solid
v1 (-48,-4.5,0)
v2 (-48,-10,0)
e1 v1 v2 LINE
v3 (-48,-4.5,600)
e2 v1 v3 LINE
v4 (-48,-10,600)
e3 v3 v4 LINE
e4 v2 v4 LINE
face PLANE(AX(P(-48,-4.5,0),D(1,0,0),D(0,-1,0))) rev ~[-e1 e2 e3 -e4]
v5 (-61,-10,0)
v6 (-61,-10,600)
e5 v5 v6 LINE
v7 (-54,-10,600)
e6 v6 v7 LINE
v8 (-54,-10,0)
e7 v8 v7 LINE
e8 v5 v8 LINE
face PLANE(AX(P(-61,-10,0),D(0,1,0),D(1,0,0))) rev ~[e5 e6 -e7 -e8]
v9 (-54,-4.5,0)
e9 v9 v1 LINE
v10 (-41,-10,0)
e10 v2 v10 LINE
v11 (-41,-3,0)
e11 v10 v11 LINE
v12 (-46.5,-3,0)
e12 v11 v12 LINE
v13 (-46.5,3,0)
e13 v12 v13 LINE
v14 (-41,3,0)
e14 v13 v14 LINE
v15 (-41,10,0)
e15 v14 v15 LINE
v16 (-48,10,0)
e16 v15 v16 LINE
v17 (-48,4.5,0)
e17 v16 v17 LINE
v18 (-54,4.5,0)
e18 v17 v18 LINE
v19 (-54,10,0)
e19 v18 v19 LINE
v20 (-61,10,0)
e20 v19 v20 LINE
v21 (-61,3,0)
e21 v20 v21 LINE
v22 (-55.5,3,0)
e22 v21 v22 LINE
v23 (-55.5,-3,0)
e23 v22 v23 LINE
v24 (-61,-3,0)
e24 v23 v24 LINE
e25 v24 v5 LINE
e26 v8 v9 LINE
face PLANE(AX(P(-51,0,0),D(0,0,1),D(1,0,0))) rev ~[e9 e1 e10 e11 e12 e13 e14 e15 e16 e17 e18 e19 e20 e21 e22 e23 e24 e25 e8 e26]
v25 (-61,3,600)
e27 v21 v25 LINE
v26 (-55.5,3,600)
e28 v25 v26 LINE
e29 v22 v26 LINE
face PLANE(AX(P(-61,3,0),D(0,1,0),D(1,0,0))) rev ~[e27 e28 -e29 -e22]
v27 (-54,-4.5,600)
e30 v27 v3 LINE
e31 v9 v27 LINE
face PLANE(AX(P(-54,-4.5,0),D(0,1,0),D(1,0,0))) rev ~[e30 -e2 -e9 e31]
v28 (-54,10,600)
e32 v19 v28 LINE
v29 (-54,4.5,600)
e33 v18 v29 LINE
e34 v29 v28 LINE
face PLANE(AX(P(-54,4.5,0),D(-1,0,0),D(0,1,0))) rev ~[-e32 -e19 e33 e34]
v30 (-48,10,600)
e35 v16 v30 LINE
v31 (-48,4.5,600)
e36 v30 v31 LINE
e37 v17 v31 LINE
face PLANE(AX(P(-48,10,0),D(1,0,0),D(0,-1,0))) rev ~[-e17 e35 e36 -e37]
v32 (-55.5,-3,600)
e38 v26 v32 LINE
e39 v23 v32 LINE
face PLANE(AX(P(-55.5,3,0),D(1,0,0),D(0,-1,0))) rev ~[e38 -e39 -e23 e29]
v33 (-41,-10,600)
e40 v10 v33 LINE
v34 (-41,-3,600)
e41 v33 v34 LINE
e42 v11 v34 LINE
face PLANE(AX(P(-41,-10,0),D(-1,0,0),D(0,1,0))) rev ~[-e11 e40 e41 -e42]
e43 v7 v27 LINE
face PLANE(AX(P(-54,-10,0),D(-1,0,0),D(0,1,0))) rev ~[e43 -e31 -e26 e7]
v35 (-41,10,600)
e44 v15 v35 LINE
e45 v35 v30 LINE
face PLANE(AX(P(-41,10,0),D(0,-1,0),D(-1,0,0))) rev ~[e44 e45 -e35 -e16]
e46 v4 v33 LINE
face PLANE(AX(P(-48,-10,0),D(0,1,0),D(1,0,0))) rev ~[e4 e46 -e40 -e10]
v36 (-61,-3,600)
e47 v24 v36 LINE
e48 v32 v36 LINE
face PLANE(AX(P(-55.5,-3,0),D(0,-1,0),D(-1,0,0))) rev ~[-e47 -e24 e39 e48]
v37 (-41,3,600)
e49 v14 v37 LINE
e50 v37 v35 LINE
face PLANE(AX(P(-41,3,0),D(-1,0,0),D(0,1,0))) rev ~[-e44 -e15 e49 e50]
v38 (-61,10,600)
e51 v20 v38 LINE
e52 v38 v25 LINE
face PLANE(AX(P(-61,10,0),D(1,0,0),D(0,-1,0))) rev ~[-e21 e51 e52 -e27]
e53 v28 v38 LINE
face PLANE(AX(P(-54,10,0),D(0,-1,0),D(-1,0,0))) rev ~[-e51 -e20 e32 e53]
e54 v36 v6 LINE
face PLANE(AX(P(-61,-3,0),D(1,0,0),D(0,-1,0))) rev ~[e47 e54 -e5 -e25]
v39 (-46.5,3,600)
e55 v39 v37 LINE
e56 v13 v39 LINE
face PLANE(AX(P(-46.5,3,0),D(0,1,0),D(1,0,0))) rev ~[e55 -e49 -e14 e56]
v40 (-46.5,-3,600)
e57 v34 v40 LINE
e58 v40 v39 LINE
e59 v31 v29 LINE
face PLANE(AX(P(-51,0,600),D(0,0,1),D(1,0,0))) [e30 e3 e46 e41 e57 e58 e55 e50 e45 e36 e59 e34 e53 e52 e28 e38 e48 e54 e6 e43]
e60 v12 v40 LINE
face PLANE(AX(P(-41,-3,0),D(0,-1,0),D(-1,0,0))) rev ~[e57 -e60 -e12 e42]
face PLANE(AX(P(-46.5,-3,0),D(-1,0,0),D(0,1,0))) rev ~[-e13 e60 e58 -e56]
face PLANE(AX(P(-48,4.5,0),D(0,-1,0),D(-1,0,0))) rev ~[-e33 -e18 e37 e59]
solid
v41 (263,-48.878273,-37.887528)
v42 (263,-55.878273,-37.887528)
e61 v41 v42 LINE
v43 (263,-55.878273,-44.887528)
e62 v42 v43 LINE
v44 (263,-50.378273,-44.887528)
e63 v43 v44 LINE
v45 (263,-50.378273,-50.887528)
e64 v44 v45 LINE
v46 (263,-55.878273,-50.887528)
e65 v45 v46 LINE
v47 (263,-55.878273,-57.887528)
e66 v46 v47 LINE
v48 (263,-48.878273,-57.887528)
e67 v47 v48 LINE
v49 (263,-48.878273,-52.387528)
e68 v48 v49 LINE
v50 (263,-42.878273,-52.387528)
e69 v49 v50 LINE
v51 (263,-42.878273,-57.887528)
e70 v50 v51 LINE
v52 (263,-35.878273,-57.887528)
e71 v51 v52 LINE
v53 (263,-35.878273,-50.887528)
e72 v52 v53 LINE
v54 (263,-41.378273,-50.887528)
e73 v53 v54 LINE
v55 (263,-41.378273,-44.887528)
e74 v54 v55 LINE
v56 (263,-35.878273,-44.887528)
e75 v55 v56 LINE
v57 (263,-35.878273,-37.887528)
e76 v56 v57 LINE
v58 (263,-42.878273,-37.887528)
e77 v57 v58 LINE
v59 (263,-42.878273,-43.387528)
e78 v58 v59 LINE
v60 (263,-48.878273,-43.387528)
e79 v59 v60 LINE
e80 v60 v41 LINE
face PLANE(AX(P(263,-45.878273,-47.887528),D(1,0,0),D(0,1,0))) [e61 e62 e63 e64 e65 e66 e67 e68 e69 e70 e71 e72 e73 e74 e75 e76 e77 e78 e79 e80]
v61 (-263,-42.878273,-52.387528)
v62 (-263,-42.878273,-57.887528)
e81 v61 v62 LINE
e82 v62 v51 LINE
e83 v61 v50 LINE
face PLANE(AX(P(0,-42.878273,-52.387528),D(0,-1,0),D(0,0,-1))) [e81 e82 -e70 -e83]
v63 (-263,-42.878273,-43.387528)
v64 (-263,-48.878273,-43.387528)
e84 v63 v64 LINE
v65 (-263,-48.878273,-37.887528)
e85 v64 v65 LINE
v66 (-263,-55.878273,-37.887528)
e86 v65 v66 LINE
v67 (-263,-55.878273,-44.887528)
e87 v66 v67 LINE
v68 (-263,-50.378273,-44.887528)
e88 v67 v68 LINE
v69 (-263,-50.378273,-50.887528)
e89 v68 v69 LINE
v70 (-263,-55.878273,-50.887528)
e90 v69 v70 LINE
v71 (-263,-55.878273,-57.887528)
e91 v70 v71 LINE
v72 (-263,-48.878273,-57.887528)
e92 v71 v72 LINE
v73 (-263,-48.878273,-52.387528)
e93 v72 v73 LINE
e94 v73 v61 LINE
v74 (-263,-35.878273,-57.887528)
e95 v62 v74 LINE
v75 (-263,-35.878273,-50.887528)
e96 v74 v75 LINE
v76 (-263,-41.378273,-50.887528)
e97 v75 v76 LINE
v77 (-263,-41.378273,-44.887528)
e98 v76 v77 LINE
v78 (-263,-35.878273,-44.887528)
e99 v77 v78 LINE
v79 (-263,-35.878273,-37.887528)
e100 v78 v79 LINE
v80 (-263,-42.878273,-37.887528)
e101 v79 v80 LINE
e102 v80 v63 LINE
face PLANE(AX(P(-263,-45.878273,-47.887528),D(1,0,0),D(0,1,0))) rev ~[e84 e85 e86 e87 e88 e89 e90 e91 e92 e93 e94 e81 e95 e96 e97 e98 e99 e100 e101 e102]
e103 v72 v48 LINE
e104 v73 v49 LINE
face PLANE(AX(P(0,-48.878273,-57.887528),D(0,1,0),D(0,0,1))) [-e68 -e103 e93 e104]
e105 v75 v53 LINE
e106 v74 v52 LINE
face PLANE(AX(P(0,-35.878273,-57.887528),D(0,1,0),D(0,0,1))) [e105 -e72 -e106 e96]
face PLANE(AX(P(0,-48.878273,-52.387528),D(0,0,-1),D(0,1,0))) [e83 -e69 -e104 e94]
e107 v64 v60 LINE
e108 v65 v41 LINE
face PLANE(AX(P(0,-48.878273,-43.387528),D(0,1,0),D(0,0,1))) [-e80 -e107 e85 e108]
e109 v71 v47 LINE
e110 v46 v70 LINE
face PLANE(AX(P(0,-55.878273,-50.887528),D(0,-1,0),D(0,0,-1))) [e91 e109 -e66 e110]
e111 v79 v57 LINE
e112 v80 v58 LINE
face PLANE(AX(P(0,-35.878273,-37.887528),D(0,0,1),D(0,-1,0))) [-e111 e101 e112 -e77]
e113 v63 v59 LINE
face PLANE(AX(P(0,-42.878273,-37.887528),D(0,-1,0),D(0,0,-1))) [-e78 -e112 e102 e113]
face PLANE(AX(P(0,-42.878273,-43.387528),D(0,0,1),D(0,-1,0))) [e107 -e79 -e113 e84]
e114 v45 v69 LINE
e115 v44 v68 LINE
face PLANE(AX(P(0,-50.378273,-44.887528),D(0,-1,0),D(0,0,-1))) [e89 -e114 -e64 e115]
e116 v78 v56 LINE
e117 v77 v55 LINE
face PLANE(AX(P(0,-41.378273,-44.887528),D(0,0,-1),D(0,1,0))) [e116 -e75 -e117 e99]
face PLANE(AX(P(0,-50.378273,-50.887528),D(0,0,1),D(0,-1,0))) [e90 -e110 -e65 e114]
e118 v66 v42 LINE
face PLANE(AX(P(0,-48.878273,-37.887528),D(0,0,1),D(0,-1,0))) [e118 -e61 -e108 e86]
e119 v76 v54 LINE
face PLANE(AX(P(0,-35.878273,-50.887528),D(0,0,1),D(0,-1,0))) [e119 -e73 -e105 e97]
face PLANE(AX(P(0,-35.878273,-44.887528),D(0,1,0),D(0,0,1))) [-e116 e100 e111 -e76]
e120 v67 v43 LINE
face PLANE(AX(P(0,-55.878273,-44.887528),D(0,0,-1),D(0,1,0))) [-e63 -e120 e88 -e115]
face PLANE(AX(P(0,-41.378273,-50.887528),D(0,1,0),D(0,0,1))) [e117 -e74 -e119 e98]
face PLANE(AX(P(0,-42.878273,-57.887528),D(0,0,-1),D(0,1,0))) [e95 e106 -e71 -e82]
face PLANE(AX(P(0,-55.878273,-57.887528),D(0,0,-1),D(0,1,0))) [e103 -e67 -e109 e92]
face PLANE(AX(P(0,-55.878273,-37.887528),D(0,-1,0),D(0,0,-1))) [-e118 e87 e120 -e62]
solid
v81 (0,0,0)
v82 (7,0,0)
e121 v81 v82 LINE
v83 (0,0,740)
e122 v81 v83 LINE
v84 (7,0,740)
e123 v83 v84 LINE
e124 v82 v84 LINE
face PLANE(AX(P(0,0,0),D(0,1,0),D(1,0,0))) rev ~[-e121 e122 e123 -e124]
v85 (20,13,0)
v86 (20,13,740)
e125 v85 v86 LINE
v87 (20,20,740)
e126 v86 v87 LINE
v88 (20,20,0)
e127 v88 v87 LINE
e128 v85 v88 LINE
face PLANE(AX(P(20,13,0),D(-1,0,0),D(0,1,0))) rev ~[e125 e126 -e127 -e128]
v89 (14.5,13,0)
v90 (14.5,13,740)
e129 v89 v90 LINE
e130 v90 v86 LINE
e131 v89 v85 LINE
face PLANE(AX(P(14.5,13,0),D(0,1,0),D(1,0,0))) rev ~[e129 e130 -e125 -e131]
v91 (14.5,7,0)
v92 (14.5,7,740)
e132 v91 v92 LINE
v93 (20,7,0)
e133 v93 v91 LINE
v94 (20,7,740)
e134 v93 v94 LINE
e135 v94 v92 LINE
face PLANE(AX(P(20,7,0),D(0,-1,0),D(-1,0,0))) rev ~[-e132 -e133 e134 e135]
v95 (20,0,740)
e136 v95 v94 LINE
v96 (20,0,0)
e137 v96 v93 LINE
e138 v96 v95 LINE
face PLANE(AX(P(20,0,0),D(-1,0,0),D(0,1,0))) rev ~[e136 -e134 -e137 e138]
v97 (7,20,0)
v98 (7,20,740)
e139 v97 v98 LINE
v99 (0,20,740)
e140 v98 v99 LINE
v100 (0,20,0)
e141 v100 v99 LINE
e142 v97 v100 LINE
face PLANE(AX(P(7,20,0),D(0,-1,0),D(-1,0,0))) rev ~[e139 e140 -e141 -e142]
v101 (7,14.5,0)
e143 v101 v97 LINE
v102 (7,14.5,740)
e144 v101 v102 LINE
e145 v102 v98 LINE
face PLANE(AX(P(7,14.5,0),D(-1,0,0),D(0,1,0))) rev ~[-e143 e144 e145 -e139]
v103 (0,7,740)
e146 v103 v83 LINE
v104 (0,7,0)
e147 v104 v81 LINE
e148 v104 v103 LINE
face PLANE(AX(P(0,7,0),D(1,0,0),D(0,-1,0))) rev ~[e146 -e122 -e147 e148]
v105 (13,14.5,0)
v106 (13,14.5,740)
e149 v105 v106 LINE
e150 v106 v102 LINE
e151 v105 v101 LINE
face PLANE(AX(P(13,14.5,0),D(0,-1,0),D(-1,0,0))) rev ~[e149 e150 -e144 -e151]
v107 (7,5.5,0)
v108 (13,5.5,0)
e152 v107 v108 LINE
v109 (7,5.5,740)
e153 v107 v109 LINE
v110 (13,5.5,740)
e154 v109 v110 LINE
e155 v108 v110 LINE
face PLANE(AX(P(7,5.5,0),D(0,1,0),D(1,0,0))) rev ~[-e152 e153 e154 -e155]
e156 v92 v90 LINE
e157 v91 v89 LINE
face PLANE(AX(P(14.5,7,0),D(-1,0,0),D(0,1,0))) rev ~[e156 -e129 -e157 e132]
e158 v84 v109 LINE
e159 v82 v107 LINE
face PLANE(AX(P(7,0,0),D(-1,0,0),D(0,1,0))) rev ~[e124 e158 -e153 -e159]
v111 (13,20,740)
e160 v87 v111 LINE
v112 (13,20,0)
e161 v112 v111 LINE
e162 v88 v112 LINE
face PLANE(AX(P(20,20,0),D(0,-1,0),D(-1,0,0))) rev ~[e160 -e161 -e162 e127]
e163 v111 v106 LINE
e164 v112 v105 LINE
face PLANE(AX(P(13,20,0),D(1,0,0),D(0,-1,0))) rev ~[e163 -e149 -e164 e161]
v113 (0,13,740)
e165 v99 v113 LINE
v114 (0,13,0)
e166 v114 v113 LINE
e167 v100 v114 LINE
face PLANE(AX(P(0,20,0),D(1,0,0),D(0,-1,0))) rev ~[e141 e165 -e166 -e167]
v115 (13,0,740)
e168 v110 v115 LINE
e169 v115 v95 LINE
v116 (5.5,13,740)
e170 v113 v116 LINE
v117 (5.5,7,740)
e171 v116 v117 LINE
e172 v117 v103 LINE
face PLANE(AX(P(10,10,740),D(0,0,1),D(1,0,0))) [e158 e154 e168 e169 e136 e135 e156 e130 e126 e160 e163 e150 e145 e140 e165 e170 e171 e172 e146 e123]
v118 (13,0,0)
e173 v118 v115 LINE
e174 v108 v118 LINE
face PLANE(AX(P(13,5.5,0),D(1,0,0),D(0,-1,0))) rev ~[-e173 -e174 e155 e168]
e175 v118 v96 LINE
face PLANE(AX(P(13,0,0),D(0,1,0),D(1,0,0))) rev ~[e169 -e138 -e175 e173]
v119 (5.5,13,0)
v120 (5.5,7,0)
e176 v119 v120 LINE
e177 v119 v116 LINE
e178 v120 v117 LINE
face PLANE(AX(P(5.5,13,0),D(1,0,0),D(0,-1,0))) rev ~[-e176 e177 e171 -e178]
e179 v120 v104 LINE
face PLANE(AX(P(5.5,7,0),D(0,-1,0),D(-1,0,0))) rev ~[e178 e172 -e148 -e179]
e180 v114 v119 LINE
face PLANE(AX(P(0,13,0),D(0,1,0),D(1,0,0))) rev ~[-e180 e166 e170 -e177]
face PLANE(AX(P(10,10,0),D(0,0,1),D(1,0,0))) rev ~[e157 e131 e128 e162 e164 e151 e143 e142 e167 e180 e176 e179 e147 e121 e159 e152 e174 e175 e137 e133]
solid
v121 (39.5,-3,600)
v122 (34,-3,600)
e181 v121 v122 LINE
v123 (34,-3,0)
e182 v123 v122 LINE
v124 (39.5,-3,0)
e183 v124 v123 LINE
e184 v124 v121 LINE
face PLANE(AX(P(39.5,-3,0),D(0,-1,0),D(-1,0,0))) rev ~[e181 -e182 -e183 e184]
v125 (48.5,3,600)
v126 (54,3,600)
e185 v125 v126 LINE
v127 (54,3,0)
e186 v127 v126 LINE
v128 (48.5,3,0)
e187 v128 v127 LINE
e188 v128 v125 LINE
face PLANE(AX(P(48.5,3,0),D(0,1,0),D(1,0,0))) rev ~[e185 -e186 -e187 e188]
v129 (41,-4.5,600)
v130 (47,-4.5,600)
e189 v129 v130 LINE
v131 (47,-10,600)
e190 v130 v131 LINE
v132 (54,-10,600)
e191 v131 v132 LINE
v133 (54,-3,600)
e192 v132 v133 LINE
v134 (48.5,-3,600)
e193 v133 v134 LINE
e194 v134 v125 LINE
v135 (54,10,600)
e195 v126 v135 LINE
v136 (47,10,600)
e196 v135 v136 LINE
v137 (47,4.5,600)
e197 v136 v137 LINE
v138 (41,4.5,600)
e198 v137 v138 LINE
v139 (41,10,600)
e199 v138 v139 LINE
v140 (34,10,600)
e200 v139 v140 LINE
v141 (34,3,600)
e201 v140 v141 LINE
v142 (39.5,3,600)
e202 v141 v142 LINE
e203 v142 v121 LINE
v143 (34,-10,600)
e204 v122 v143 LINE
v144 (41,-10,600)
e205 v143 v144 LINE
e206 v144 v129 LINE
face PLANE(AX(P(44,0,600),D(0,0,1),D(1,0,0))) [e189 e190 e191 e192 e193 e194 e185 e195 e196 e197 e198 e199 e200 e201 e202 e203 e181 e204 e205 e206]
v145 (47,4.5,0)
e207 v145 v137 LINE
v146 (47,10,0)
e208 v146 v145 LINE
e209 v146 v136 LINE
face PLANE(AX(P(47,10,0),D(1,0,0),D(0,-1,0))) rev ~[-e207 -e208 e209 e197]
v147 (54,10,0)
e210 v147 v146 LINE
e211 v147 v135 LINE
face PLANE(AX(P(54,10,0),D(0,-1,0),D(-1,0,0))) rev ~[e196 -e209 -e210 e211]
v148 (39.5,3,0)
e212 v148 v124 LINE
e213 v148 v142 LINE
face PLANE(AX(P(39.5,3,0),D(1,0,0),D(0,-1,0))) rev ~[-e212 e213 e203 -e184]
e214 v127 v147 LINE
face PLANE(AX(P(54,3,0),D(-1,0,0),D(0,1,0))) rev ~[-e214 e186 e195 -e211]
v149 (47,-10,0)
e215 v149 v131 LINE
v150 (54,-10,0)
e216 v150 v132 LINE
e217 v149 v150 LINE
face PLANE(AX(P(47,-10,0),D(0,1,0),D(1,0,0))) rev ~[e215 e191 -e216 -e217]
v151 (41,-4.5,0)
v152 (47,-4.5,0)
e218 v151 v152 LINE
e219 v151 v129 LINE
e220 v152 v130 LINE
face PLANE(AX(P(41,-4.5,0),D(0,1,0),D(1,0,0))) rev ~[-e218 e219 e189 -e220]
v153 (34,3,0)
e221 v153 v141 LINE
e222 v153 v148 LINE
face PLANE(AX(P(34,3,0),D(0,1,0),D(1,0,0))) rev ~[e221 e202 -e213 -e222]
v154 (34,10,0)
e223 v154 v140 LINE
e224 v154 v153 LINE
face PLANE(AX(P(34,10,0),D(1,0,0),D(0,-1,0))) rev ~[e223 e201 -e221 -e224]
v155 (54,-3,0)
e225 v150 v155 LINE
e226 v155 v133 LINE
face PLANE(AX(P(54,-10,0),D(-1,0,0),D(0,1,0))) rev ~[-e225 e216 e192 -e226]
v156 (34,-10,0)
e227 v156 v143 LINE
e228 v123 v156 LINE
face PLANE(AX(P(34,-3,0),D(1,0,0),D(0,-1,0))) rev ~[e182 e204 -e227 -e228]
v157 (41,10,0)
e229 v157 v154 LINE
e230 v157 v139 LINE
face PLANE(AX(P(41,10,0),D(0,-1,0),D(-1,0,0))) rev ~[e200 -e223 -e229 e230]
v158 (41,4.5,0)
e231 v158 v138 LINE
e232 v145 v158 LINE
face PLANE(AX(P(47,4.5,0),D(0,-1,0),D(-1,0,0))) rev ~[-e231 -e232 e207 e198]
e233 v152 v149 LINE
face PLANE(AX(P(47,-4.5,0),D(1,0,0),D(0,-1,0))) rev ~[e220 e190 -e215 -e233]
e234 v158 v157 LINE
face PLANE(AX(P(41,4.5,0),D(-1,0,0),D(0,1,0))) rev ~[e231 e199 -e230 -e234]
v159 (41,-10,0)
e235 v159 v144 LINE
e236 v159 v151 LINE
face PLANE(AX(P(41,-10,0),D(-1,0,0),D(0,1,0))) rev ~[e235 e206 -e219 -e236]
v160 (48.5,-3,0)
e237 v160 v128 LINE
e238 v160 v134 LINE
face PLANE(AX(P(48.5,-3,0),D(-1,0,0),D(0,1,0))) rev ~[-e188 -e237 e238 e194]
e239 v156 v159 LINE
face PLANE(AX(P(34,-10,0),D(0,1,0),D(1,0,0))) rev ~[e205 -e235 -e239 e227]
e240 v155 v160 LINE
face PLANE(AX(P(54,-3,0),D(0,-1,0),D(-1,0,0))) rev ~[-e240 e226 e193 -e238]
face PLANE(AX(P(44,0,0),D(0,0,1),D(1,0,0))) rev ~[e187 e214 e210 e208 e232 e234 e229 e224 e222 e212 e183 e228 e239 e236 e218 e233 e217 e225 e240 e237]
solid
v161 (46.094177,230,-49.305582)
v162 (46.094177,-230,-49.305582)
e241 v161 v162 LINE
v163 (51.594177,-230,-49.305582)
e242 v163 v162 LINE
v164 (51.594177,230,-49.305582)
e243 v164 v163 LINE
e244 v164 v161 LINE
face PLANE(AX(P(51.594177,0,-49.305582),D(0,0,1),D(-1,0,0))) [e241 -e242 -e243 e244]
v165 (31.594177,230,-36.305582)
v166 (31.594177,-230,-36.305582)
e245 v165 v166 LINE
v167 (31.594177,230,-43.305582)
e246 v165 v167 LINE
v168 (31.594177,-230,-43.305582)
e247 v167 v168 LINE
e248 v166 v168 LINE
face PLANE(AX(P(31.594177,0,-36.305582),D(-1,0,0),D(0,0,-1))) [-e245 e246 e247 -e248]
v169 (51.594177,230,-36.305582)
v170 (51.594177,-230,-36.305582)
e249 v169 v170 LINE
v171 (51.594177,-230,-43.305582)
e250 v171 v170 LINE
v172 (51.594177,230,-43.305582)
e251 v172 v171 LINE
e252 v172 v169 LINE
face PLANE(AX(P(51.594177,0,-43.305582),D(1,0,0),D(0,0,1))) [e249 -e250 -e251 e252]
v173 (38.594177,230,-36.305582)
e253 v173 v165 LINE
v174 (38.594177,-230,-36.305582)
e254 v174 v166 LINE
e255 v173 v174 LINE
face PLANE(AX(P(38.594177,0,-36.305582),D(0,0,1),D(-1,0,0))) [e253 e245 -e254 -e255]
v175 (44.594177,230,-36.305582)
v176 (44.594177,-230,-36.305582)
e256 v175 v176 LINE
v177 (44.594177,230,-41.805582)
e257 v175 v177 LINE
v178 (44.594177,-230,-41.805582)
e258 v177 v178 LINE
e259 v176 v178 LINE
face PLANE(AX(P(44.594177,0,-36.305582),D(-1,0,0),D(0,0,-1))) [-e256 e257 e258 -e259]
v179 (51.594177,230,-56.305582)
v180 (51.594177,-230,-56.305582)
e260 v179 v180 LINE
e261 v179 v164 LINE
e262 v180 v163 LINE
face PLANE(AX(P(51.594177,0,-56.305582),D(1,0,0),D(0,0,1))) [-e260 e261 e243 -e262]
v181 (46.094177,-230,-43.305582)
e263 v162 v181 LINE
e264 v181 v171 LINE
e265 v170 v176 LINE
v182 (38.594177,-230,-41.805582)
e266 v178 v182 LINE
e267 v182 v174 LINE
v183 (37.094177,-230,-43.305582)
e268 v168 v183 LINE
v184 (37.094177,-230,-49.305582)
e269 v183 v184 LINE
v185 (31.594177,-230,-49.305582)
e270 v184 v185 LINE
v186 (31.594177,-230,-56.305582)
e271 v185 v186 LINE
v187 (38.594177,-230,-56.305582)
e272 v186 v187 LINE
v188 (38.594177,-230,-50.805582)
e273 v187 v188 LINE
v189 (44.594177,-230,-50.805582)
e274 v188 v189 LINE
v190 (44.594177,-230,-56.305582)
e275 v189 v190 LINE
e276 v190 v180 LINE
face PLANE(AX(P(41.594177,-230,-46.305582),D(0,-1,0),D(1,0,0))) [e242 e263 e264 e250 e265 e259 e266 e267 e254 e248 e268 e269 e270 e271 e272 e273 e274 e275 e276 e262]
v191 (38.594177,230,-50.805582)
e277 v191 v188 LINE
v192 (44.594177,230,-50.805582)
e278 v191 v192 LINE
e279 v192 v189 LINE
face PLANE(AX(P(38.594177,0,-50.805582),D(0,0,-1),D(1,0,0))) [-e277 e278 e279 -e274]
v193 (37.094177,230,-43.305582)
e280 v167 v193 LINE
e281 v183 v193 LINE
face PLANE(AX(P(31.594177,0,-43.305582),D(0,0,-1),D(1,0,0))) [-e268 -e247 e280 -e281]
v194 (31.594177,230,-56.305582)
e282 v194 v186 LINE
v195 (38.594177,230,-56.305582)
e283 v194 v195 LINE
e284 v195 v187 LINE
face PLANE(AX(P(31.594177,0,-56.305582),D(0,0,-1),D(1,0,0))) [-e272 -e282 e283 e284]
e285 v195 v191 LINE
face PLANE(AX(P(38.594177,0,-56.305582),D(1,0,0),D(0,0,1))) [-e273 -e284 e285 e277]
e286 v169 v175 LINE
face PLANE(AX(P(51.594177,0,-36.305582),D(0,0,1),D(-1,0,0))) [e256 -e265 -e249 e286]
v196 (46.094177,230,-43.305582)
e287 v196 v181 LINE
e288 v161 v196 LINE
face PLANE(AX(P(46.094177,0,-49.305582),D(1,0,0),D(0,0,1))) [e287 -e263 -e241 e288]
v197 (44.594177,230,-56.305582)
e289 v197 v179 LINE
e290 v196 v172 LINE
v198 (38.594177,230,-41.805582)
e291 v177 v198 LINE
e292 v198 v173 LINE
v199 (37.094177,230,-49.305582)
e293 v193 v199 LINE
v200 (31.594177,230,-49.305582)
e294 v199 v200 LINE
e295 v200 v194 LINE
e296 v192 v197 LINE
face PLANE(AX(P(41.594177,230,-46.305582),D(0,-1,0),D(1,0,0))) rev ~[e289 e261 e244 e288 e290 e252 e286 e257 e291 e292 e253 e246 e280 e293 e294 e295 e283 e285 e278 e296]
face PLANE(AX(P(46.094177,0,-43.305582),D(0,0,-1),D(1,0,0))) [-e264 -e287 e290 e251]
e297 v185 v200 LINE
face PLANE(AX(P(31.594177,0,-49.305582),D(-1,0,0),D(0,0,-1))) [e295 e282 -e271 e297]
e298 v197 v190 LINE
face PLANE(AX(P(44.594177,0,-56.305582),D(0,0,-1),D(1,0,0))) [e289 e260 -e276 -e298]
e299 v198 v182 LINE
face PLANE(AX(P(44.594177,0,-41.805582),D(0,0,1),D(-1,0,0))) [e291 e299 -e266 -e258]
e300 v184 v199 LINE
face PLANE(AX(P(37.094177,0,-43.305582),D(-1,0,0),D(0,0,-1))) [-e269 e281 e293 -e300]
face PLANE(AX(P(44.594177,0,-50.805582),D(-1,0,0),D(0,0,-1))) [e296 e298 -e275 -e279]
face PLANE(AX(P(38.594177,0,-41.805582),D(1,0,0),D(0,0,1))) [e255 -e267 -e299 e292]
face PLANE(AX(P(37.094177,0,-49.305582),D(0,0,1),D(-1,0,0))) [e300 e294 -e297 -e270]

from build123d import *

# Parameters (mm, degrees)
F1_DEPTH = 740
F3_DEPTH = 600
F5_DEPTH = 600
F7_DEPTH = 263
F9_DEPTH = 230


with BuildPart() as f1:
    # F0 (on Top) → F1 (new body)
    with BuildSketch(Plane.XY):
        Polygon((0, 7), (0, 0), (7, 0), (7, 5.5), (13, 5.5), (13, 0), (20, 0), (20, 7), (14.5, 7), (14.5, 13), (20, 13), (20, 20), (13, 20), (13, 14.5), (7, 14.5), (7, 20), (0, 20), (0, 13), (5.5, 13), (5.5, 7), align=None)
    extrude(amount=F1_DEPTH)


with BuildPart() as f3:
    # F2 (on Top) → F3 (new body)
    with BuildSketch(Plane.XY):
        Polygon((-61, -3), (-61, -10), (-54, -10), (-54, -4.5), (-48, -4.5), (-48, -10), (-41, -10), (-41, -3), (-46.5, -3), (-46.5, 3), (-41, 3), (-41, 10), (-48, 10), (-48, 4.5), (-54, 4.5), (-54, 10), (-61, 10), (-61, 3), (-55.5, 3), (-55.5, -3), align=None)
    extrude(amount=F3_DEPTH)


with BuildPart() as f5:
    # F4 (on Top) → F5 (new body)
    with BuildSketch(Plane.XY):
        Polygon((34, -3), (34, -10), (41, -10), (41, -4.5), (47, -4.5), (47, -10), (54, -10), (54, -3), (48.5, -3), (48.5, 3), (54, 3), (54, 10), (47, 10), (47, 4.5), (41, 4.5), (41, 10), (34, 10), (34, 3), (39.5, 3), (39.5, -3), align=None)
    extrude(amount=F5_DEPTH)


with BuildPart() as f7:
    # F6 (on Right) → F7 (new body, symmetric)
    with BuildSketch(Plane.YZ):
        Polygon((-55.878273, -50.887528), (-55.878273, -57.887528), (-48.878273, -57.887528), (-48.878273, -52.387528), (-42.878273, -52.387528), (-42.878273, -57.887528), (-35.878273, -57.887528), (-35.878273, -50.887528), (-41.378273, -50.887528), (-41.378273, -44.887528), (-35.878273, -44.887528), (-35.878273, -37.887528), (-42.878273, -37.887528), (-42.878273, -43.387528), (-48.878273, -43.387528), (-48.878273, -37.887528), (-55.878273, -37.887528), (-55.878273, -44.887528), (-50.378273, -44.887528), (-50.378273, -50.887528), align=None)
    extrude(amount=F7_DEPTH, both=True)


with BuildPart() as f9:
    # F8 (on Front) → F9 (new body, symmetric)
    with BuildSketch(Plane.XZ):
        Polygon((31.594177, -49.305582), (31.594177, -56.305582), (38.594177, -56.305582), (38.594177, -50.805582), (44.594177, -50.805582), (44.594177, -56.305582), (51.594177, -56.305582), (51.594177, -49.305582), (46.094177, -49.305582), (46.094177, -43.305582), (51.594177, -43.305582), (51.594177, -36.305582), (44.594177, -36.305582), (44.594177, -41.805582), (38.594177, -41.805582), (38.594177, -36.305582), (31.594177, -36.305582), (31.594177, -43.305582), (37.094177, -43.305582), (37.094177, -49.305582), align=None)
    extrude(amount=F9_DEPTH, both=True)


solid = Compound([f1.part, f3.part, f5.part, f7.part, f9.part])
